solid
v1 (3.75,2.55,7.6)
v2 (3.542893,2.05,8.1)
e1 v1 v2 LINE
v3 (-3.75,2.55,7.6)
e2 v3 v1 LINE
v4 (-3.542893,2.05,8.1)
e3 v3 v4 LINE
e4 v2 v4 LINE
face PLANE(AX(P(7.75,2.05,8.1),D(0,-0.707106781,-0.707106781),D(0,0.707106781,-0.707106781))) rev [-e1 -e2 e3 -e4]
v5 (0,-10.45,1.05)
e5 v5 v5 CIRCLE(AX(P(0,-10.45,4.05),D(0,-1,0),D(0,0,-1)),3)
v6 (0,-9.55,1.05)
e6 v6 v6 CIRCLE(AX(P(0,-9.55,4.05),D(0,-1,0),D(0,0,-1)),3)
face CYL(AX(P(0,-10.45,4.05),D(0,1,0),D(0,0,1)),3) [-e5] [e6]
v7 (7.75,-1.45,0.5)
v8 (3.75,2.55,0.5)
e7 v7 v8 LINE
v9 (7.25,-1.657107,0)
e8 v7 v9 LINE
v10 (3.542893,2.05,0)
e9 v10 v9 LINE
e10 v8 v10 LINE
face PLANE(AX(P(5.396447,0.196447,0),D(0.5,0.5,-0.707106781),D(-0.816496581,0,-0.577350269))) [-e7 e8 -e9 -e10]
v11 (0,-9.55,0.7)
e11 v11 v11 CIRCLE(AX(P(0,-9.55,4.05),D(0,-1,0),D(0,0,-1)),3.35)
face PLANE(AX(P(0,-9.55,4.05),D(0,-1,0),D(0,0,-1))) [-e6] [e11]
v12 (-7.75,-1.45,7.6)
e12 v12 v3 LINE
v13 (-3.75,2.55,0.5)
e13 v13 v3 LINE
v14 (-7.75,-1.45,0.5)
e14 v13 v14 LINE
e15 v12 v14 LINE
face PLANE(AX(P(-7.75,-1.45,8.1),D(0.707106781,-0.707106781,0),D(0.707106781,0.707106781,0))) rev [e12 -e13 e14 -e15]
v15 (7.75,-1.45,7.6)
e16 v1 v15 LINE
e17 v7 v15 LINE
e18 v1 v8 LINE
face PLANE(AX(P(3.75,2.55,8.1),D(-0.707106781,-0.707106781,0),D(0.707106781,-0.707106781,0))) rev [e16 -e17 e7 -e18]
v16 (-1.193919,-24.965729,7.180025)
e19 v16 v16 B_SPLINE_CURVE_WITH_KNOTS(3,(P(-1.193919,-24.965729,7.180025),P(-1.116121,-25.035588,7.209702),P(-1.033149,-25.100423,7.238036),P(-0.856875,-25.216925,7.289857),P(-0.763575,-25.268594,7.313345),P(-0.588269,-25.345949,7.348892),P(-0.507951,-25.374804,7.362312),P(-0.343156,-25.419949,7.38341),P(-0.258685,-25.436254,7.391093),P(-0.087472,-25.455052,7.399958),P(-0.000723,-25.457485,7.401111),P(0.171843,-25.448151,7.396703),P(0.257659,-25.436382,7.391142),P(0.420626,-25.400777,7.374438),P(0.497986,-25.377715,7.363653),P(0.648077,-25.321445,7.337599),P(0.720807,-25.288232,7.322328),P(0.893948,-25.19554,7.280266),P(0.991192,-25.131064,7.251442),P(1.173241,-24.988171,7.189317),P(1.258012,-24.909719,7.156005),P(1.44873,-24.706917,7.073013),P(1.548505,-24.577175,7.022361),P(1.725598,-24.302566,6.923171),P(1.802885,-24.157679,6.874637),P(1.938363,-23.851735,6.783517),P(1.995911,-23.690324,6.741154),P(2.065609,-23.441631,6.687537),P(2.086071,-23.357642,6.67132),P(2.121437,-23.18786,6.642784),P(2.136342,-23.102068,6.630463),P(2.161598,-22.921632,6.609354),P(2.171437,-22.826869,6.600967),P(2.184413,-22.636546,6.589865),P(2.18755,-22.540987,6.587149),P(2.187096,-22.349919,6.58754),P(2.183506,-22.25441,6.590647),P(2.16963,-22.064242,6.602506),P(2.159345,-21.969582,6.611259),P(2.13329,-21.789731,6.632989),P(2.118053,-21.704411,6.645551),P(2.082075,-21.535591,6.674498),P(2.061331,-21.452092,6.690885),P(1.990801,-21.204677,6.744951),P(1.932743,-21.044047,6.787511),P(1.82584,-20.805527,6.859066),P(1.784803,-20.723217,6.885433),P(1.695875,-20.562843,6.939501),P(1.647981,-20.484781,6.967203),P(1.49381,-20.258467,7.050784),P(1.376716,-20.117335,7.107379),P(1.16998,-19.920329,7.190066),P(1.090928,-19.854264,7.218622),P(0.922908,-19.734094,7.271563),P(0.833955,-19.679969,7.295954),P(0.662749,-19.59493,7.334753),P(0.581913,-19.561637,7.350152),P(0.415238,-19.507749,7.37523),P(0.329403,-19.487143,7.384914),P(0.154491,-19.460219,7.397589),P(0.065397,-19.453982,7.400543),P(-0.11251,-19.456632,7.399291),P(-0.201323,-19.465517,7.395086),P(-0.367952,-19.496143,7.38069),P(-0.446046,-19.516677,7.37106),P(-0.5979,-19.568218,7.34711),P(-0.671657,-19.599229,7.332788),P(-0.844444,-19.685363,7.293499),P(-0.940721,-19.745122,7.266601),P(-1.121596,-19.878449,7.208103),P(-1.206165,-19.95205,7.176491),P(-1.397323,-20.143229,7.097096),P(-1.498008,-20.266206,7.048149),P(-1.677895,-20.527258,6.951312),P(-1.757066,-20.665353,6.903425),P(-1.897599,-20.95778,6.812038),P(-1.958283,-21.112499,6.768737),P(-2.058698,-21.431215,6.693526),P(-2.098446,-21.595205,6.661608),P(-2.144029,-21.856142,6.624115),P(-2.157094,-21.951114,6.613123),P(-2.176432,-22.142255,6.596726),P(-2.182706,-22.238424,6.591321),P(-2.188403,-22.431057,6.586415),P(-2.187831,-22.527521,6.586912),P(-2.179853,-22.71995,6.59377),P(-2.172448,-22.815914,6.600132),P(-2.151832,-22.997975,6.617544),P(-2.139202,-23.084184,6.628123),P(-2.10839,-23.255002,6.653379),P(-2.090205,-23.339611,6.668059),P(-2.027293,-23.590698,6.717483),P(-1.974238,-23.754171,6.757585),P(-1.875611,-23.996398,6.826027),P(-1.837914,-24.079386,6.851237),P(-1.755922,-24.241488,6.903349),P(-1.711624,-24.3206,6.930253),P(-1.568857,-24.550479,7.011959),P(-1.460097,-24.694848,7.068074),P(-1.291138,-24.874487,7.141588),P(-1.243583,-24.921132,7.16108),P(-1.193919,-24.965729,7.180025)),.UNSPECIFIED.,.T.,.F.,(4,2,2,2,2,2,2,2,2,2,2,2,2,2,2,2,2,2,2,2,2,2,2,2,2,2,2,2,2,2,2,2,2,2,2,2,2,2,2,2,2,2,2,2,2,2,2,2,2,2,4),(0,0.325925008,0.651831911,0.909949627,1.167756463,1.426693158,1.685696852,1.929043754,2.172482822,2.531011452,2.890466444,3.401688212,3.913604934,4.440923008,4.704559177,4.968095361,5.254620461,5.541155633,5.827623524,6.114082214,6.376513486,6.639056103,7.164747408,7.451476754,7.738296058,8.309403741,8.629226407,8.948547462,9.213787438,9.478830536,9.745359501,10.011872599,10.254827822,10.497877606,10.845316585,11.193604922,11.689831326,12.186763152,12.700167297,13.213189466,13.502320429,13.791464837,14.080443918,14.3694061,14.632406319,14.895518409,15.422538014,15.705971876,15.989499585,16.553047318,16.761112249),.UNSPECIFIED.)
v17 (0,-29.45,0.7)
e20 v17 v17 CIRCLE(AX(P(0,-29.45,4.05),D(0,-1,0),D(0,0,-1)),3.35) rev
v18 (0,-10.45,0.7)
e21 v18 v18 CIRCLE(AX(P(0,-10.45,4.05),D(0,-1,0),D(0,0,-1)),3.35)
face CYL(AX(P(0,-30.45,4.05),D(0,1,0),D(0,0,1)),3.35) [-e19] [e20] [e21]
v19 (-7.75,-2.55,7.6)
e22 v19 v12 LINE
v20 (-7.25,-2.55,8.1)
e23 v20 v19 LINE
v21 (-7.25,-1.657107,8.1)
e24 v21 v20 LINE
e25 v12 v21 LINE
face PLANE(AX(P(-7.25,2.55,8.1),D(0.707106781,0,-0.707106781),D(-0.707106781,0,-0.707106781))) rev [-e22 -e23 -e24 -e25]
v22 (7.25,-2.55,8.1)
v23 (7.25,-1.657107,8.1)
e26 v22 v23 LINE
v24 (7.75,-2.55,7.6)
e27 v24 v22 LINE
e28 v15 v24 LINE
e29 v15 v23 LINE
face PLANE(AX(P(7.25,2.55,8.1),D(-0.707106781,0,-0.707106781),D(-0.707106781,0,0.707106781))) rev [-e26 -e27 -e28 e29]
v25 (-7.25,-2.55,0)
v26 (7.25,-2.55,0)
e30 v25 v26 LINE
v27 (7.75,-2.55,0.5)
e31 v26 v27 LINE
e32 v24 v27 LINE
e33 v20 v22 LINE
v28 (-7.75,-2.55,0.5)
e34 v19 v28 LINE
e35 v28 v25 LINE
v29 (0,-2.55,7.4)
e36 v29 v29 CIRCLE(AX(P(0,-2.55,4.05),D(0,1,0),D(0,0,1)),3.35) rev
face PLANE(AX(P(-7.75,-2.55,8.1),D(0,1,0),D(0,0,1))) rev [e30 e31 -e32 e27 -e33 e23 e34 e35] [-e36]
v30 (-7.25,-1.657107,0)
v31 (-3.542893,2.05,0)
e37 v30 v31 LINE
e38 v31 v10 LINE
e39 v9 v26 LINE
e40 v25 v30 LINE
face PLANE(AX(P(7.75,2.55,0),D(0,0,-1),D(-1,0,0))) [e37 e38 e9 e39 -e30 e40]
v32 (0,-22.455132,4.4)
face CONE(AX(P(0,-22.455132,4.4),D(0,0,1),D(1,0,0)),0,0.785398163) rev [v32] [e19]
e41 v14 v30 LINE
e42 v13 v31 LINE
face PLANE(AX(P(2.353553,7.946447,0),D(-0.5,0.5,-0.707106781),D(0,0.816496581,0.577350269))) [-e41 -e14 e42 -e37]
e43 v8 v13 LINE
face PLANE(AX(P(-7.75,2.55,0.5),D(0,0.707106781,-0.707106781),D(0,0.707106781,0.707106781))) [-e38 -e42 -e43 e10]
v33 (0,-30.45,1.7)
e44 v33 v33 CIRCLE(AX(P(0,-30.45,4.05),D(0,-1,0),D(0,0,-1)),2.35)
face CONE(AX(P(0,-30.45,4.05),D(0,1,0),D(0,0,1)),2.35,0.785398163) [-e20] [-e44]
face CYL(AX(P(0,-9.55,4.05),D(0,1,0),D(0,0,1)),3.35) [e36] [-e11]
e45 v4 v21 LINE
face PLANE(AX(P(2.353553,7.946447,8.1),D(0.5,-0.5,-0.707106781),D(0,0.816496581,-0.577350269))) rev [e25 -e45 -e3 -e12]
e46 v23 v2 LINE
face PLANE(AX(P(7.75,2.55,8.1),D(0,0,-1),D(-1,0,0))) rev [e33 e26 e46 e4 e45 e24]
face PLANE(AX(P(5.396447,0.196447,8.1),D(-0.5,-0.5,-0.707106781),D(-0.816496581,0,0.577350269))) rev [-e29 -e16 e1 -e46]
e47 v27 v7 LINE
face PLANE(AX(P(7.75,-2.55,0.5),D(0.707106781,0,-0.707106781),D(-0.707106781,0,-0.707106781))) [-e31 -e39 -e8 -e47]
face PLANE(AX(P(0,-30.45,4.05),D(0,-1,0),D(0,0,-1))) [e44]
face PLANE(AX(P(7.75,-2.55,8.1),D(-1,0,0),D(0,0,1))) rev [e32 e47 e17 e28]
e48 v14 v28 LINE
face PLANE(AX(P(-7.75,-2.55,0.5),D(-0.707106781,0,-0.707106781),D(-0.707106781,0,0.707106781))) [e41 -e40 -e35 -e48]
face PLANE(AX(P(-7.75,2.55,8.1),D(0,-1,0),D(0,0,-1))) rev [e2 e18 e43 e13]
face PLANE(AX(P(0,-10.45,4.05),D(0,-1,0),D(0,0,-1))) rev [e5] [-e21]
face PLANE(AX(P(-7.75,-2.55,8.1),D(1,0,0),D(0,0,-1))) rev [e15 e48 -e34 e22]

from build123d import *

# Parameters (mm, degrees)
SKETCH_1_W      = 15.5
SKETCH_1_H      = 5.1
EXTRUDE_1_DEPTH = 8.1
CHAMFER_1_SIZE  = 4
CHAMFER_2_SIZE  = 0.5
SKETCH_2_R      = 3.35
EXTRUDE_2_DEPTH = 7
SKETCH_3_R      = 3
EXTRUDE_3_DEPTH = 0.9
SKETCH_5_R      = 3.35
EXTRUDE_4_DEPTH = 20
CHAMFER_3_SIZE  = 1


with BuildPart() as part:
    # 草图1 → 凸台-拉伸1 (new body)
    with BuildSketch(Plane.XY):
        Rectangle(SKETCH_1_W, SKETCH_1_H)
    extrude(amount=EXTRUDE_1_DEPTH)

    # 倒角1
    chamfer_1_edges = [part.edges().sort_by_distance(p)[0] for p in [
        (-7.75, 2.55, 4.05),
        (7.75, 2.55, 4.05),
    ]]
    chamfer(chamfer_1_edges, length=CHAMFER_1_SIZE)

    # 倒角2
    chamfer_2_edges = [part.edges().sort_by_distance(p)[0] for p in [
        (0, 2.55, 0),
        (0, 2.55, 8.1),
        (-7.75, -2, 0),
        (-5.75, 0.55, 0),
        (5.75, 0.55, 0),
        (-7.75, -2, 8.1),
        (-5.75, 0.55, 8.1),
        (5.75, 0.55, 8.1),
        (7.75, -2, 8.1),
        (7.75, -2, 0),
    ]]
    chamfer(chamfer_2_edges, length=CHAMFER_2_SIZE)

    # 草图2 → 凸台-拉伸2 (add)
    with BuildSketch(Plane.XZ.offset(2.55)):
        with Locations(Location((0, 4.05, 0), (0, 0, 90))):
            Circle(SKETCH_2_R)
    extrude(amount=EXTRUDE_2_DEPTH)

    # 草图3 → 凸台-拉伸3 (add)
    with BuildSketch(Plane.XZ.offset(9.55)):
        with Locations(Location((0, 4.05, 0), (0, 0, 270))):
            Circle(SKETCH_3_R)
    extrude(amount=EXTRUDE_3_DEPTH)

    # 草图5 → 凸台-拉伸4 (add)
    with BuildSketch(Plane.XZ.offset(10.45)):
        with Locations(Location((0, 4.05, 0), (0, 0, 90))):
            Circle(SKETCH_5_R)
    extrude(amount=EXTRUDE_4_DEPTH)

    # 倒角3
    chamfer_3_edges = [part.edges().sort_by_distance(p)[0] for p in [
        (0, -30.45, 0.7),
    ]]
    chamfer(chamfer_3_edges, length=CHAMFER_3_SIZE)

    # 草图6 → 切除-旋转1 (revolve, cut)
    with BuildSketch(Plane(origin=(0, 0, 0), x_dir=(0, 0, -1), z_dir=(1, 0, 0)), mode=Mode.PRIVATE) as cut_revolve_1_sk:
        Polygon((-7.4, -22.455131571), (-7.4, -19.455131571), (-4.4, -22.455131571), align=None)
    revolve(cut_revolve_1_sk.sketch.rotate(Axis((0, -22.455131571, 7.4), (0, 0, -1)), 90), axis=Axis((0, -22.455131571, 7.4), (0, 0, -1)), mode=Mode.SUBTRACT)


solid = part.part
